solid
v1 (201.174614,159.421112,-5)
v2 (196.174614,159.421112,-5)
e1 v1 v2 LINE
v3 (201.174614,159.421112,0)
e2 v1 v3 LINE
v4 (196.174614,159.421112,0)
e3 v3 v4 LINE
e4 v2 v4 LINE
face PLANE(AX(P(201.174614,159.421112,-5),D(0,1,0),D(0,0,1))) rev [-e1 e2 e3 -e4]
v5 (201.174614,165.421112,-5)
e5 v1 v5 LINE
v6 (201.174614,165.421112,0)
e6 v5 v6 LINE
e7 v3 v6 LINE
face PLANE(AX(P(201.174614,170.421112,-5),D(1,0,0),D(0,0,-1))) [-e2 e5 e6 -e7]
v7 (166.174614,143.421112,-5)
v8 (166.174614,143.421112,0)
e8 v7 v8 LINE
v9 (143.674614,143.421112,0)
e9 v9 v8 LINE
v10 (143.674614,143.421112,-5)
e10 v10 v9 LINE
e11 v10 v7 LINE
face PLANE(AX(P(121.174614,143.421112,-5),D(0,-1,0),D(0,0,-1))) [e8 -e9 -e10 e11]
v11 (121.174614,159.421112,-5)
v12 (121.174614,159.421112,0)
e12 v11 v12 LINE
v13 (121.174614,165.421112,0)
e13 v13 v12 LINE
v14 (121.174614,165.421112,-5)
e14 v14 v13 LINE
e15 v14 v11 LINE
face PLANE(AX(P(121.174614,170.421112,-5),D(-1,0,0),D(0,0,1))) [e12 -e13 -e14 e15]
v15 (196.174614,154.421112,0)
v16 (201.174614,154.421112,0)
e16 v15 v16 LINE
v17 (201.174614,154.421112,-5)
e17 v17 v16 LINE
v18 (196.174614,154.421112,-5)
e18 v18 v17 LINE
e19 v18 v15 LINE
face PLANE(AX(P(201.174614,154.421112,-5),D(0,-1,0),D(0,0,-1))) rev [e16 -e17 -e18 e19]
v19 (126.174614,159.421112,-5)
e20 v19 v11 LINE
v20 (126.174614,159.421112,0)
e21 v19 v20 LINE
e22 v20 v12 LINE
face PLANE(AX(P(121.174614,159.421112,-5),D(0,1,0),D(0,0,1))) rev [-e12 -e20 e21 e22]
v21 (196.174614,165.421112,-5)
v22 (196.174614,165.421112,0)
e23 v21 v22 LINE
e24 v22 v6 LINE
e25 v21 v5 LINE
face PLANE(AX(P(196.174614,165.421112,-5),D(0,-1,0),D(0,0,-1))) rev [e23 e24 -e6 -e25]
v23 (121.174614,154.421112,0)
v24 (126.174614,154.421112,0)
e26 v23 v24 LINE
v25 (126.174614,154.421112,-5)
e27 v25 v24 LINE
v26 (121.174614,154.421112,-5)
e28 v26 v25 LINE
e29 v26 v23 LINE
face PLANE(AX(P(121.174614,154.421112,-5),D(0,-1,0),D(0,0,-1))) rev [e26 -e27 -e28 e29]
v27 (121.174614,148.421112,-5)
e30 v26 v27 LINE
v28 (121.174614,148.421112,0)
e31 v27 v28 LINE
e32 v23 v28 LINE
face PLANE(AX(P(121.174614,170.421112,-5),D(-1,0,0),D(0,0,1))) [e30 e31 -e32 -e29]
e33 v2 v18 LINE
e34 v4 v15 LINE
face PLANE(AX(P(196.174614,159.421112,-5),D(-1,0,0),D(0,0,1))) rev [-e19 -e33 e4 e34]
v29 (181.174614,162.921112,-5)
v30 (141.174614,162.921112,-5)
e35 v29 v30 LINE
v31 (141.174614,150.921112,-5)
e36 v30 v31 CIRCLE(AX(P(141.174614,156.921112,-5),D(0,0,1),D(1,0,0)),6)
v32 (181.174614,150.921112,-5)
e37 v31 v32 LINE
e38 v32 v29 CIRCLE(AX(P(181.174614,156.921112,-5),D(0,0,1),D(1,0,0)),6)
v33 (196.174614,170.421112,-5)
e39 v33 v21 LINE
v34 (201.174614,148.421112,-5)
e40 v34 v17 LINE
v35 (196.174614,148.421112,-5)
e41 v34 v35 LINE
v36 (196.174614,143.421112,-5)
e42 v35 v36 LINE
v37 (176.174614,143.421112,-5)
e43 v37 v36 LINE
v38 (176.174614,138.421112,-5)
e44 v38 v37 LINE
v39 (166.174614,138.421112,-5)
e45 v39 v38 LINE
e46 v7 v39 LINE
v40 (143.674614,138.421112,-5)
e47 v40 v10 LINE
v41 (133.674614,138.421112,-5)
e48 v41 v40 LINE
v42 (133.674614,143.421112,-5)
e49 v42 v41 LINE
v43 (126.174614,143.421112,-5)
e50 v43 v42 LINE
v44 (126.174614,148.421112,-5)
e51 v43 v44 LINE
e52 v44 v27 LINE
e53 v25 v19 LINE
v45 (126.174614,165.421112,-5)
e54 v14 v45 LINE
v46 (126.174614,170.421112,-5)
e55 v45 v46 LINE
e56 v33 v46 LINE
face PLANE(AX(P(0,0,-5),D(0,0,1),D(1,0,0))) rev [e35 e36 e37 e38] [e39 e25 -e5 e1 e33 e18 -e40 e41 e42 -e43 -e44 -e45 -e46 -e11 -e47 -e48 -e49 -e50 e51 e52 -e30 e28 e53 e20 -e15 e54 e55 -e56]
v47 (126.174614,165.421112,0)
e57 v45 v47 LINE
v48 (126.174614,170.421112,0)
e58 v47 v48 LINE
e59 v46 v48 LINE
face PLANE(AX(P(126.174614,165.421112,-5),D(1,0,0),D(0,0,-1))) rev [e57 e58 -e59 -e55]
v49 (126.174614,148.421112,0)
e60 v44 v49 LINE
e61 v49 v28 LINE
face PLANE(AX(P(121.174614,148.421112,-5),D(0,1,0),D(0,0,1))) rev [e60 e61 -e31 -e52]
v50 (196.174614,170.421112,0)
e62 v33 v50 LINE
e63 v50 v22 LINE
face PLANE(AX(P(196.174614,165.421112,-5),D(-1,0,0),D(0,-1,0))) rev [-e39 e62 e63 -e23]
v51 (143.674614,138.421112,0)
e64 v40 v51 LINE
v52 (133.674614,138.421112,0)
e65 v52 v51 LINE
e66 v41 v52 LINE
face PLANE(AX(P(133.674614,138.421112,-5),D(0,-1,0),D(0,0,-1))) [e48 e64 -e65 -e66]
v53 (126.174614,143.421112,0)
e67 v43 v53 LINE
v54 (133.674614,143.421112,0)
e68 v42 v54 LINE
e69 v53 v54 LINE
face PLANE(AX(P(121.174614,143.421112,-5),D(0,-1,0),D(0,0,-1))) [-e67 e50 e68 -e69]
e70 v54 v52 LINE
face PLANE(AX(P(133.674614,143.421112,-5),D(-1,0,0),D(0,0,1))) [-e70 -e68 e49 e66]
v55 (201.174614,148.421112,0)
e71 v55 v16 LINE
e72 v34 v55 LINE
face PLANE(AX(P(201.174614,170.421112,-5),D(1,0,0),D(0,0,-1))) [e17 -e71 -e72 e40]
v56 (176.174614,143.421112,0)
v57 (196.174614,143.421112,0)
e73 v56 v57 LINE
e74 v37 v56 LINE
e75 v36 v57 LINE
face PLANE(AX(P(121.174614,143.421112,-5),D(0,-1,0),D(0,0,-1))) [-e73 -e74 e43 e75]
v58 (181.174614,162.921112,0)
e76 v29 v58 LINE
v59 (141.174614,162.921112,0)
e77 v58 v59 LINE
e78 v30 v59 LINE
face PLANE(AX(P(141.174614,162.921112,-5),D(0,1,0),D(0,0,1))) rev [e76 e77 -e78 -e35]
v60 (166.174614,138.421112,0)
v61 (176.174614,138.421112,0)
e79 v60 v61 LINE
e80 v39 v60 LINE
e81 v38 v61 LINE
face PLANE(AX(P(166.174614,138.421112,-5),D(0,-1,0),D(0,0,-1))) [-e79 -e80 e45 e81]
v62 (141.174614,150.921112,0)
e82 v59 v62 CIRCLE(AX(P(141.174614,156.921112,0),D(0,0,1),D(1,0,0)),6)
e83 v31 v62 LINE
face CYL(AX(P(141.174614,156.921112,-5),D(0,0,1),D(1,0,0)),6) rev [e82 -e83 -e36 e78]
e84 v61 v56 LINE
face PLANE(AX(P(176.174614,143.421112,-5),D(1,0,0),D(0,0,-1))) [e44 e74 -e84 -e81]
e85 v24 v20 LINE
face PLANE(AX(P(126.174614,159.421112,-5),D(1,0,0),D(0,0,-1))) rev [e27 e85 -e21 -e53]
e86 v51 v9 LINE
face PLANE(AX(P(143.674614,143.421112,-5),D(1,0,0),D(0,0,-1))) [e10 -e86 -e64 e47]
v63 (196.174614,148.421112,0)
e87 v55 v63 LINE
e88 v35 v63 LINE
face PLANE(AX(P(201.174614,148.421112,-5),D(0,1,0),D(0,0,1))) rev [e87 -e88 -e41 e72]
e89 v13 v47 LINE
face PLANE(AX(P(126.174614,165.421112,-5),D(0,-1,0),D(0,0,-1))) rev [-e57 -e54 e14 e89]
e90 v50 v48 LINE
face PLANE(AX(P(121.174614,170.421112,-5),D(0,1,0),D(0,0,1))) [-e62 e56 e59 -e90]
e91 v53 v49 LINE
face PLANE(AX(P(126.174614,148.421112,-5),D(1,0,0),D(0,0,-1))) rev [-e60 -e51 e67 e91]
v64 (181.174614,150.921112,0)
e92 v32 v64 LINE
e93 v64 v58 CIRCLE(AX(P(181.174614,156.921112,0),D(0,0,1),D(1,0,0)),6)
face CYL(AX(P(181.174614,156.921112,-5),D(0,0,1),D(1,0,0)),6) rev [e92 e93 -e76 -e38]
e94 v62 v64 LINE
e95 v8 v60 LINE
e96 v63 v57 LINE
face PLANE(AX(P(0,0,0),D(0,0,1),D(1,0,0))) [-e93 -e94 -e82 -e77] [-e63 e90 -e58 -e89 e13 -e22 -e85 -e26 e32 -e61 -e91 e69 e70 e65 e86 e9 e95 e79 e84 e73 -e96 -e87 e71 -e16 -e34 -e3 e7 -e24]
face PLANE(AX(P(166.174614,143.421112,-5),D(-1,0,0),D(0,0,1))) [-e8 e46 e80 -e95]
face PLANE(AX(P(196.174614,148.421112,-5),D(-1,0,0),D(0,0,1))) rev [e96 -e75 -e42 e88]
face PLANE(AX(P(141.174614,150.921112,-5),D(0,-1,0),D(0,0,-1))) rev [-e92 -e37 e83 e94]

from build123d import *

# Parameters (mm, degrees)
ESQUISSE1_W        = 80
ESQUISSE1_H        = 27
BOSS_EXTRU_1_DEPTH = 5
ESQUISSE2_W        = 5
ESQUISSE2_H        = 5
CR_NEAUX_DEPTH     = 5
ESQUISSE3_W        = 10
ESQUISSE3_H        = 5
BOSS_EXTRU_2_DEPTH = 5


with BuildPart() as part:
    # Esquisse1 → Boss.-Extru.1 (new body)
    with BuildSketch(Plane.XY):
        with Locations((161.17461402, 156.921111622)):
            Rectangle(ESQUISSE1_W, ESQUISSE1_H)
    extrude(amount=-BOSS_EXTRU_1_DEPTH)

    # Esquisse2 → Créneaux - (cut)
    with BuildSketch(Plane.XY):
        with Locations((123.67461402, 167.921111622)):
            Rectangle(ESQUISSE2_W, ESQUISSE2_H)
        with Locations((123.67461402, 156.921111622)):
            Rectangle(ESQUISSE2_W, ESQUISSE2_H)
        with Locations((123.67461402, 145.921111622)):
            Rectangle(ESQUISSE2_W, ESQUISSE2_H)
        with Locations((198.67461402, 145.921111622)):
            Rectangle(ESQUISSE2_W, ESQUISSE2_H)
        with Locations((198.67461402, 156.921111622)):
            Rectangle(ESQUISSE2_W, ESQUISSE2_H)
        with Locations((198.67461402, 167.921111622)):
            Rectangle(ESQUISSE2_W, ESQUISSE2_H)
        with BuildLine():
            Line((141.17461402, 162.921111622), (181.17461402, 162.921111622))
            ThreePointArc((181.17461402, 162.921111622), (187.17461402, 156.921111622), (181.17461402, 150.921111622))
            Line((181.17461402, 150.921111622), (141.17461402, 150.921111622))
            ThreePointArc((141.17461402, 150.921111622), (135.17461402, 156.921111622), (141.17461402, 162.921111622))
        make_face()
    extrude(amount=-CR_NEAUX_DEPTH, mode=Mode.SUBTRACT)

    # Esquisse3 → Boss.-Extru.2 (add)
    with BuildSketch(Plane.XY):
        with Locations((138.67461402, 140.921111622)):
            Rectangle(ESQUISSE3_W, ESQUISSE3_H)
        with Locations((171.17461402, 140.921111622)):
            Rectangle(ESQUISSE3_W, ESQUISSE3_H)
    extrude(amount=-BOSS_EXTRU_2_DEPTH)


solid = part.part
